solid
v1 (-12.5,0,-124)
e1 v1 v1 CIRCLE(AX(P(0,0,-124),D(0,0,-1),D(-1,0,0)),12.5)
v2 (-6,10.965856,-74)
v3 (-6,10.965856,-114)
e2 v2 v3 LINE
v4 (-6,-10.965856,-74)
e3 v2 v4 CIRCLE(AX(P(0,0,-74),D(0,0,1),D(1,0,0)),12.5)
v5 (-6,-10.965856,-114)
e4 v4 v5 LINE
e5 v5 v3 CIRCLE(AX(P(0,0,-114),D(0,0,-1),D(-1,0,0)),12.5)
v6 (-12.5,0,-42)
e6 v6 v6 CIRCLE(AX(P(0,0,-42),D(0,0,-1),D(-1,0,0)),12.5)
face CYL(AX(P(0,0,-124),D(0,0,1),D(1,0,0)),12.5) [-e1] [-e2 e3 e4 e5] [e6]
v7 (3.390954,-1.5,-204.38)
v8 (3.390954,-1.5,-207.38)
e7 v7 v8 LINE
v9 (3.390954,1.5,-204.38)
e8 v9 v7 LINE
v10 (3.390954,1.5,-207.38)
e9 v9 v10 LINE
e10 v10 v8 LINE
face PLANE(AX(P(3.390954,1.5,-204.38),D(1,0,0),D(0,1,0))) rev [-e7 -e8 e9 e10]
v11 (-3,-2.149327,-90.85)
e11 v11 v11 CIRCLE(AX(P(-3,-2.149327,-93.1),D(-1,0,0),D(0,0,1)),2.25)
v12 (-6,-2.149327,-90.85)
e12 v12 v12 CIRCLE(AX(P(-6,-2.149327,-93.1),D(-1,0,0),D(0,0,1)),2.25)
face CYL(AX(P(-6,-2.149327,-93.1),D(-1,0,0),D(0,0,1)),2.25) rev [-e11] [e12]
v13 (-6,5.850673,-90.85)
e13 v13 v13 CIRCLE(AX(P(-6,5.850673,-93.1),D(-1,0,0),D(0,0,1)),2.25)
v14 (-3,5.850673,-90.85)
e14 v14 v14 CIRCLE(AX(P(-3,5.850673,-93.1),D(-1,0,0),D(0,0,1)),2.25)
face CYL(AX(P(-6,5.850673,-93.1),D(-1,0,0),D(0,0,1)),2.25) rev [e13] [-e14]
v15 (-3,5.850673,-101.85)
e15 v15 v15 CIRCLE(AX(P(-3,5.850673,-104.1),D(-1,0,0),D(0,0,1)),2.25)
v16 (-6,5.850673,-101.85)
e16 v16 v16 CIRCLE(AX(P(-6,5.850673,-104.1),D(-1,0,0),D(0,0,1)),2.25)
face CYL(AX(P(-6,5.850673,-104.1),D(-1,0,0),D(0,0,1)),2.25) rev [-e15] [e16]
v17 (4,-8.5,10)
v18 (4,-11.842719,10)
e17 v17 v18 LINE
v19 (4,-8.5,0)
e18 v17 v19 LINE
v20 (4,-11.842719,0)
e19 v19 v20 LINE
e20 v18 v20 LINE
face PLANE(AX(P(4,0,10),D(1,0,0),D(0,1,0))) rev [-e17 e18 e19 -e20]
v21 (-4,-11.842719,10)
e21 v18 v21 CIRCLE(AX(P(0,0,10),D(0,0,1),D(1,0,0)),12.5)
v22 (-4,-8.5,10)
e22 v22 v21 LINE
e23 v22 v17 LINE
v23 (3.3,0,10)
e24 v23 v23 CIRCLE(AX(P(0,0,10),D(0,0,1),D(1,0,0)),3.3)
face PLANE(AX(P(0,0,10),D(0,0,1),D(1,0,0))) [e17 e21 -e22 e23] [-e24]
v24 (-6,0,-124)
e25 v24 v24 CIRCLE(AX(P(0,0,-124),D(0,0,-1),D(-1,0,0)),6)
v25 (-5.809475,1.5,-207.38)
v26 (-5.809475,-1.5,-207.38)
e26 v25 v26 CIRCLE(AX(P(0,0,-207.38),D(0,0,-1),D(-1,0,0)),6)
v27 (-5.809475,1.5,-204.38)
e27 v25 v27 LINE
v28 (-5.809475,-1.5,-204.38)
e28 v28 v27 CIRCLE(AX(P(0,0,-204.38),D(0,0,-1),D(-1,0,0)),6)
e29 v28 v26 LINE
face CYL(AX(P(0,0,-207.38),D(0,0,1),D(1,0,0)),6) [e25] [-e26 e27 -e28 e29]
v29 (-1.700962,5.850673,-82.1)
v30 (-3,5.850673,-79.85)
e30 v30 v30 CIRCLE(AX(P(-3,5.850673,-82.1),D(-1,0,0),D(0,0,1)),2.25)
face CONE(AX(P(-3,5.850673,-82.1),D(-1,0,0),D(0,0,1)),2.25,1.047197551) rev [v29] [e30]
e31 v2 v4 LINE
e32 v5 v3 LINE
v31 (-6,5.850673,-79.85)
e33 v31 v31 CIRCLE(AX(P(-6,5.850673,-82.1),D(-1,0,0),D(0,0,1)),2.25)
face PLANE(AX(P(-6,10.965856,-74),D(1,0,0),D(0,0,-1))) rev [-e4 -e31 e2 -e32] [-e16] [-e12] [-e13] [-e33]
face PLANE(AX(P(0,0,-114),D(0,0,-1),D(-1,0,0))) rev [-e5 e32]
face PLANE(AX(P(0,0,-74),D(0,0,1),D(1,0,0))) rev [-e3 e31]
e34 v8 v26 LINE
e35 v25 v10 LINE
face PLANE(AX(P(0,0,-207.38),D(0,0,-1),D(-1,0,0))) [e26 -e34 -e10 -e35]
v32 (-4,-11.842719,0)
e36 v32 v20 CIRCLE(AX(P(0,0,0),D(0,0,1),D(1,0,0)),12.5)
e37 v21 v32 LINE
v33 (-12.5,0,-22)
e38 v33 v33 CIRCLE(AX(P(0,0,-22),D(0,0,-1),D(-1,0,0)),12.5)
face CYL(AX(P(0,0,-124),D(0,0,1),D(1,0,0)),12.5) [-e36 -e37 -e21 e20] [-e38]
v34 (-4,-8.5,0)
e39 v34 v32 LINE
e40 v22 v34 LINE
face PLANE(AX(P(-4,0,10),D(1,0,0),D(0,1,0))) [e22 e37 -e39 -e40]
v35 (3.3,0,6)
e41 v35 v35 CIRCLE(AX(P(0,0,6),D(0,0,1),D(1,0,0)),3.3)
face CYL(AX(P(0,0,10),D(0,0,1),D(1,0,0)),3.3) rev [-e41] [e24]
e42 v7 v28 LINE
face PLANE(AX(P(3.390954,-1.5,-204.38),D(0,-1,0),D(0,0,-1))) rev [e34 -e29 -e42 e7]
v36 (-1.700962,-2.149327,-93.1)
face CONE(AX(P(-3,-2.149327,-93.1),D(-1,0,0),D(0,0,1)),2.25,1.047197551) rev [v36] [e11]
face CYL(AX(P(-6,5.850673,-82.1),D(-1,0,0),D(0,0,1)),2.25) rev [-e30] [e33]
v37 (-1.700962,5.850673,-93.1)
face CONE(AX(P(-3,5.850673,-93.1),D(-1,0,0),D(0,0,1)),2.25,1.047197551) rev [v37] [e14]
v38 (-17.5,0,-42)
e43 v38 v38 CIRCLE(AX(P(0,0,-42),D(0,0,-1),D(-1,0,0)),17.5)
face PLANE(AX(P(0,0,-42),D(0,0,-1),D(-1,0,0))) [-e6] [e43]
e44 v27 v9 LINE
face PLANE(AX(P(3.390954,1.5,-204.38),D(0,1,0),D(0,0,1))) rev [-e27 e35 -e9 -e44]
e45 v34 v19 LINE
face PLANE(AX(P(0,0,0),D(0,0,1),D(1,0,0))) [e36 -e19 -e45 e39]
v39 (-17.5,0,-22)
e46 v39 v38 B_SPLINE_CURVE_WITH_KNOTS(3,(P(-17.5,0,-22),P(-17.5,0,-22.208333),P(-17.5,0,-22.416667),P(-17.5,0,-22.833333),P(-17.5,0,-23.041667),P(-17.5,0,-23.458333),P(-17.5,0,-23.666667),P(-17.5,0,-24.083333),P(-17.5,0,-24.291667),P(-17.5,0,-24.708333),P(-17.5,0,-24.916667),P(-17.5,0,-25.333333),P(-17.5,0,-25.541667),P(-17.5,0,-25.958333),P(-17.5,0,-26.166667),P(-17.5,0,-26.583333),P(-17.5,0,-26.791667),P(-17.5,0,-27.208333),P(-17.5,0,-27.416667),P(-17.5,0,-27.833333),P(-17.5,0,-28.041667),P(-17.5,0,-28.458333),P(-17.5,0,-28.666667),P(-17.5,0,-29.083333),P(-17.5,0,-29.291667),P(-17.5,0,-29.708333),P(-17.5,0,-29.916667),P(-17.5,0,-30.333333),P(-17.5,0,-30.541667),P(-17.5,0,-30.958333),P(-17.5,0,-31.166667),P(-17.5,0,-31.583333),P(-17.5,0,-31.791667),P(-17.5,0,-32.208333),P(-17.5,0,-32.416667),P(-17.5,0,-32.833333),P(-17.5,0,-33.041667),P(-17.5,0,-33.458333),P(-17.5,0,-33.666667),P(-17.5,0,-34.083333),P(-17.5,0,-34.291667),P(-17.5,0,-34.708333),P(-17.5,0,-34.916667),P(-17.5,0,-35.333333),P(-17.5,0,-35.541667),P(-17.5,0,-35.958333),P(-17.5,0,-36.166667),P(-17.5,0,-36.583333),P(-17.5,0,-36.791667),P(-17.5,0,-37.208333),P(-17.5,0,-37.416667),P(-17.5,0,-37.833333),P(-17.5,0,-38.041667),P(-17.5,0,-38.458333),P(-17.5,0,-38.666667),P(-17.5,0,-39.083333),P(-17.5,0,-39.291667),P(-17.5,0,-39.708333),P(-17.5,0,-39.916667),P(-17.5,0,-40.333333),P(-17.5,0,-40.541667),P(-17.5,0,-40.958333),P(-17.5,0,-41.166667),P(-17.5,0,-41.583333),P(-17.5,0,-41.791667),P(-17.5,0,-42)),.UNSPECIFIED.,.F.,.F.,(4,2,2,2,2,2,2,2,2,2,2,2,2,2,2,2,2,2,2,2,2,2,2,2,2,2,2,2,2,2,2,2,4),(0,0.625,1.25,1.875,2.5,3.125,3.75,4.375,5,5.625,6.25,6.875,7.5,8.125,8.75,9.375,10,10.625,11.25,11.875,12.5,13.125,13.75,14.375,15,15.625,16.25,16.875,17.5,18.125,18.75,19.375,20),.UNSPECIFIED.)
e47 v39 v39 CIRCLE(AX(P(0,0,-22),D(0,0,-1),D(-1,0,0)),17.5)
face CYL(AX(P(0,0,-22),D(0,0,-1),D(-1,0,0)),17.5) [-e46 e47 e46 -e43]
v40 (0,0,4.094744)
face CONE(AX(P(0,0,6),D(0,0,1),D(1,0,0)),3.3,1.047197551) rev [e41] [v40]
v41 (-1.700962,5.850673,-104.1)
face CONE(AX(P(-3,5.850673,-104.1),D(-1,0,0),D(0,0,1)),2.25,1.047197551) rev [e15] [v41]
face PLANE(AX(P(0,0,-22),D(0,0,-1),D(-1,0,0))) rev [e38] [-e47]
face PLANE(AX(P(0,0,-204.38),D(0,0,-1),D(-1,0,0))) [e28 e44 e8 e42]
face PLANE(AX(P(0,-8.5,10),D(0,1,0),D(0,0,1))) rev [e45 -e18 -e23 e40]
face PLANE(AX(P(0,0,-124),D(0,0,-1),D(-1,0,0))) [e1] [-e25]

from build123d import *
from build123d.topology import SkipClean

# Parameters (mm, degrees)
ESQUISSE1_R                                = 30
BOSS_EXTRU_1_DEPTH                         = 15
ESQUISSE2_R                                = 12.5
BOSS_EXTRU_2_DEPTH                         = 124
ESQUISSE4_2_W                              = 230
ESQUISSE4_2_H                              = 40
ENL_V_MAT_EXTRU_1_DEPTH                    = 5
CHAMBRAGE_POUR_VIS_T_TE_HEXAGONALE_2_COUNT = 2
CHAMBRAGE_POUR_VIS_T_TE_HEXAGONALE_2_PITCH = 41
ESQUISSE17_R                               = 6
BOSS_EXTRU_4_DEPTH                         = 83.38
ESQUISSE18_W                               = 10.356322474
ESQUISSE18_H                               = 3
ENL_V_MAT_EXTRU_2_DEPTH                    = 3
ESQUISSE19_W                               = 7.933443835
ESQUISSE19_H                               = 21.9317122
ENL_V_MAT_EXTRU_3_DEPTH                    = 50
BOSS_EXTRU_6_START                         = -10
ESQUISSE21_R                               = 12.5
BOSS_EXTRU_6_DEPTH                         = 10
D_GAGEMENT_M41_D                           = 4.5
D_GAGEMENT_M41_DEPTH                       = 3
D_GAGEMENT_M41_TIP                         = 1.299038106
ESQUISSE26_R                               = 17.5
BOSS_EXTRU_8_DEPTH                         = 52
ENL_V_START                                = -32
ESQUISSE27_R                               = 17.5
ENL_V_MAT_EXTRU_5_DEPTH                    = 32
ENL_V_START_2                              = -15
ESQUISSE28_R                               = 30
ENL_V_MAT_EXTRU_6_DEPTH                    = 15
BOSS_EXTRU_9_START                         = 10
BOSS_EXTRU_9_DEPTH                         = 10
D_GAGEMENT_M61_D                           = 6.6
D_GAGEMENT_M61_DEPTH                       = 4
D_GAGEMENT_M61_TIP                         = 1.905255888


with BuildPart() as part:
    # Esquisse1 → Boss.-Extru.1 (new body)
    with BuildSketch(Plane.XY):
        Circle(ESQUISSE1_R)
    extrude(amount=BOSS_EXTRU_1_DEPTH)

    # Esquisse2 → Boss.-Extru.2 (add)
    with BuildSketch(Plane(origin=(0, 0, 0), x_dir=(-1, 0, 0), z_dir=(0, 0, -1))):
        Circle(ESQUISSE2_R)
    extrude(amount=BOSS_EXTRU_2_DEPTH)

    # Esquisse4<2> → Enlèv. mat.-Extru.1 (cut)
    with BuildSketch(Plane.XY.offset(15)):
        Rectangle(ESQUISSE4_2_W, ESQUISSE4_2_H)
    extrude(amount=-ENL_V_MAT_EXTRU_1_DEPTH, mode=Mode.SUBTRACT)

    # Esquisse14 → Chambrage pour vis à tête hexagonale M51 (revolve, cut)
    with BuildSketch(Plane.YZ.offset(-20.5)):
        Polygon((0, 0), (0, 15), (2.75, 15), (2.75, 3.605), (2.775, 3.58), (6.12, 3.58), (6.12, 0), align=None)
    chambrage_pour_vis_t_te_hexagonale_m51 = revolve(axis=Axis((-20.5, 0, -6.35), (0, 0, 1)), mode=Mode.SUBTRACT)

    # Chambrage pour vis _ t_te hexagonale 2: Chambrage pour vis à tête hexagonale M51 ×2
    with Locations(*[(i * CHAMBRAGE_POUR_VIS_T_TE_HEXAGONALE_2_PITCH, 0, 0) for i in range(1, CHAMBRAGE_POUR_VIS_T_TE_HEXAGONALE_2_COUNT)]):
        add(chambrage_pour_vis_t_te_hexagonale_m51, mode=Mode.SUBTRACT)

    # Esquisse17 → Boss.-Extru.4 (add)
    with BuildSketch(Plane(origin=(0, 0, -124), x_dir=(-1, 0, 0), z_dir=(0, 0, -1))):
        Circle(ESQUISSE17_R)
    extrude(amount=BOSS_EXTRU_4_DEPTH)

    # Esquisse18 → Enlèv. mat.-Extru.2 (cut)
    with BuildSketch(Plane(origin=(0, 0, -207.38), x_dir=(-1, 0, 0), z_dir=(0, 0, -1))):
        with Locations((1.787207702, 0)):
            Rectangle(ESQUISSE18_W, ESQUISSE18_H)
    extrude(amount=-ENL_V_MAT_EXTRU_2_DEPTH, mode=Mode.SUBTRACT)

    # Esquisse19 → Enlèv. mat.-Extru.3 (cut)
    with BuildSketch(Plane(origin=(0, 0, -124), x_dir=(-1, 0, 0), z_dir=(0, 0, -1))):
        with Locations((9.966721917, 0)):
            Rectangle(ESQUISSE19_W, ESQUISSE19_H)
    extrude(amount=-ENL_V_MAT_EXTRU_3_DEPTH, mode=Mode.SUBTRACT)

    # Esquisse21 → Boss.-Extru.6 (add)
    with BuildSketch(Plane(origin=(0, 0, -124), x_dir=(-1, 0, 0), z_dir=(0, 0, -1)).offset(BOSS_EXTRU_6_START)):
        Circle(ESQUISSE21_R)
    extrude(amount=BOSS_EXTRU_6_DEPTH)

    # Dégagement M41
    with Locations(Plane.ZY.offset(6)):
        with Locations((-82.1, 5.85067254), (-93.1, -2.14932746), (-93.1, 5.85067254), (-104.1, 5.85067254)):
            Hole(D_GAGEMENT_M41_D / 2, depth=D_GAGEMENT_M41_DEPTH)
            with Locations((0, 0, -(D_GAGEMENT_M41_DEPTH + D_GAGEMENT_M41_TIP / 2))):  # 120° drill point
                Cone(0, D_GAGEMENT_M41_D / 2, D_GAGEMENT_M41_TIP, mode=Mode.SUBTRACT)

    # Esquisse26 → Boss.-Extru.8 (add)
    with BuildSketch(Plane(origin=(0, 0, -74), x_dir=(-1, 0, 0), z_dir=(0, 0, -1))):
        Circle(ESQUISSE26_R)
    extrude(amount=-BOSS_EXTRU_8_DEPTH)

    # Esquisse27 → Enlèv. mat.-Extru.5 (cut)
    with BuildSketch(Plane(origin=(0, 0, -74), x_dir=(-1, 0, 0), z_dir=(0, 0, -1)).offset(ENL_V_START)):
        Circle(ESQUISSE27_R)
        with BuildLine():
            ThreePointArc((6, 10.9658561), (10.752906584, 6.373774392), (12.5, 0))
            ThreePointArc((12.5, 0), (10.752906584, -6.373774392), (6, -10.9658561))
            ThreePointArc((6, -10.9658561), (-12.5, 0), (6, 10.9658561))
        make_face(mode=Mode.SUBTRACT)
    extrude(amount=ENL_V_MAT_EXTRU_5_DEPTH, mode=Mode.SUBTRACT)

    # Esquisse28 → Enlèv. mat.-Extru.6 (cut)
    with BuildSketch(Plane.XY.offset(15).offset(ENL_V_START_2)):
        Circle(ESQUISSE28_R)
    extrude(amount=ENL_V_MAT_EXTRU_6_DEPTH, mode=Mode.SUBTRACT)

    # Esquisse29 → Boss.-Extru.9 (add)
    with SkipClean():  # the faces are left unmerged after this step: merging them gives an invalid solid
        with BuildSketch(Plane.XY.offset(BOSS_EXTRU_9_START)):
            with BuildLine():
                Line((-4, -11.842719282), (-4, -8.5))
                Line((-4, -8.5), (4, -8.5))
                Line((4, -8.5), (4, -11.842719282))
                ThreePointArc((4, -11.842719282), (10.155048006, -7.288689869), (12.5, 0))
                ThreePointArc((12.5, 0), (-7.288689869, 10.155048006), (-4, -11.842719282))
            make_face()
        extrude(amount=-BOSS_EXTRU_9_DEPTH)

    # Dégagement M61
    with Locations(Plane.XY.offset(10)):
        with Locations((0, 0)):
            Hole(D_GAGEMENT_M61_D / 2, depth=D_GAGEMENT_M61_DEPTH)
            with Locations((0, 0, -(D_GAGEMENT_M61_DEPTH + D_GAGEMENT_M61_TIP / 2))):  # 120° drill point
                Cone(0, D_GAGEMENT_M61_D / 2, D_GAGEMENT_M61_TIP, mode=Mode.SUBTRACT)


solid = part.part
